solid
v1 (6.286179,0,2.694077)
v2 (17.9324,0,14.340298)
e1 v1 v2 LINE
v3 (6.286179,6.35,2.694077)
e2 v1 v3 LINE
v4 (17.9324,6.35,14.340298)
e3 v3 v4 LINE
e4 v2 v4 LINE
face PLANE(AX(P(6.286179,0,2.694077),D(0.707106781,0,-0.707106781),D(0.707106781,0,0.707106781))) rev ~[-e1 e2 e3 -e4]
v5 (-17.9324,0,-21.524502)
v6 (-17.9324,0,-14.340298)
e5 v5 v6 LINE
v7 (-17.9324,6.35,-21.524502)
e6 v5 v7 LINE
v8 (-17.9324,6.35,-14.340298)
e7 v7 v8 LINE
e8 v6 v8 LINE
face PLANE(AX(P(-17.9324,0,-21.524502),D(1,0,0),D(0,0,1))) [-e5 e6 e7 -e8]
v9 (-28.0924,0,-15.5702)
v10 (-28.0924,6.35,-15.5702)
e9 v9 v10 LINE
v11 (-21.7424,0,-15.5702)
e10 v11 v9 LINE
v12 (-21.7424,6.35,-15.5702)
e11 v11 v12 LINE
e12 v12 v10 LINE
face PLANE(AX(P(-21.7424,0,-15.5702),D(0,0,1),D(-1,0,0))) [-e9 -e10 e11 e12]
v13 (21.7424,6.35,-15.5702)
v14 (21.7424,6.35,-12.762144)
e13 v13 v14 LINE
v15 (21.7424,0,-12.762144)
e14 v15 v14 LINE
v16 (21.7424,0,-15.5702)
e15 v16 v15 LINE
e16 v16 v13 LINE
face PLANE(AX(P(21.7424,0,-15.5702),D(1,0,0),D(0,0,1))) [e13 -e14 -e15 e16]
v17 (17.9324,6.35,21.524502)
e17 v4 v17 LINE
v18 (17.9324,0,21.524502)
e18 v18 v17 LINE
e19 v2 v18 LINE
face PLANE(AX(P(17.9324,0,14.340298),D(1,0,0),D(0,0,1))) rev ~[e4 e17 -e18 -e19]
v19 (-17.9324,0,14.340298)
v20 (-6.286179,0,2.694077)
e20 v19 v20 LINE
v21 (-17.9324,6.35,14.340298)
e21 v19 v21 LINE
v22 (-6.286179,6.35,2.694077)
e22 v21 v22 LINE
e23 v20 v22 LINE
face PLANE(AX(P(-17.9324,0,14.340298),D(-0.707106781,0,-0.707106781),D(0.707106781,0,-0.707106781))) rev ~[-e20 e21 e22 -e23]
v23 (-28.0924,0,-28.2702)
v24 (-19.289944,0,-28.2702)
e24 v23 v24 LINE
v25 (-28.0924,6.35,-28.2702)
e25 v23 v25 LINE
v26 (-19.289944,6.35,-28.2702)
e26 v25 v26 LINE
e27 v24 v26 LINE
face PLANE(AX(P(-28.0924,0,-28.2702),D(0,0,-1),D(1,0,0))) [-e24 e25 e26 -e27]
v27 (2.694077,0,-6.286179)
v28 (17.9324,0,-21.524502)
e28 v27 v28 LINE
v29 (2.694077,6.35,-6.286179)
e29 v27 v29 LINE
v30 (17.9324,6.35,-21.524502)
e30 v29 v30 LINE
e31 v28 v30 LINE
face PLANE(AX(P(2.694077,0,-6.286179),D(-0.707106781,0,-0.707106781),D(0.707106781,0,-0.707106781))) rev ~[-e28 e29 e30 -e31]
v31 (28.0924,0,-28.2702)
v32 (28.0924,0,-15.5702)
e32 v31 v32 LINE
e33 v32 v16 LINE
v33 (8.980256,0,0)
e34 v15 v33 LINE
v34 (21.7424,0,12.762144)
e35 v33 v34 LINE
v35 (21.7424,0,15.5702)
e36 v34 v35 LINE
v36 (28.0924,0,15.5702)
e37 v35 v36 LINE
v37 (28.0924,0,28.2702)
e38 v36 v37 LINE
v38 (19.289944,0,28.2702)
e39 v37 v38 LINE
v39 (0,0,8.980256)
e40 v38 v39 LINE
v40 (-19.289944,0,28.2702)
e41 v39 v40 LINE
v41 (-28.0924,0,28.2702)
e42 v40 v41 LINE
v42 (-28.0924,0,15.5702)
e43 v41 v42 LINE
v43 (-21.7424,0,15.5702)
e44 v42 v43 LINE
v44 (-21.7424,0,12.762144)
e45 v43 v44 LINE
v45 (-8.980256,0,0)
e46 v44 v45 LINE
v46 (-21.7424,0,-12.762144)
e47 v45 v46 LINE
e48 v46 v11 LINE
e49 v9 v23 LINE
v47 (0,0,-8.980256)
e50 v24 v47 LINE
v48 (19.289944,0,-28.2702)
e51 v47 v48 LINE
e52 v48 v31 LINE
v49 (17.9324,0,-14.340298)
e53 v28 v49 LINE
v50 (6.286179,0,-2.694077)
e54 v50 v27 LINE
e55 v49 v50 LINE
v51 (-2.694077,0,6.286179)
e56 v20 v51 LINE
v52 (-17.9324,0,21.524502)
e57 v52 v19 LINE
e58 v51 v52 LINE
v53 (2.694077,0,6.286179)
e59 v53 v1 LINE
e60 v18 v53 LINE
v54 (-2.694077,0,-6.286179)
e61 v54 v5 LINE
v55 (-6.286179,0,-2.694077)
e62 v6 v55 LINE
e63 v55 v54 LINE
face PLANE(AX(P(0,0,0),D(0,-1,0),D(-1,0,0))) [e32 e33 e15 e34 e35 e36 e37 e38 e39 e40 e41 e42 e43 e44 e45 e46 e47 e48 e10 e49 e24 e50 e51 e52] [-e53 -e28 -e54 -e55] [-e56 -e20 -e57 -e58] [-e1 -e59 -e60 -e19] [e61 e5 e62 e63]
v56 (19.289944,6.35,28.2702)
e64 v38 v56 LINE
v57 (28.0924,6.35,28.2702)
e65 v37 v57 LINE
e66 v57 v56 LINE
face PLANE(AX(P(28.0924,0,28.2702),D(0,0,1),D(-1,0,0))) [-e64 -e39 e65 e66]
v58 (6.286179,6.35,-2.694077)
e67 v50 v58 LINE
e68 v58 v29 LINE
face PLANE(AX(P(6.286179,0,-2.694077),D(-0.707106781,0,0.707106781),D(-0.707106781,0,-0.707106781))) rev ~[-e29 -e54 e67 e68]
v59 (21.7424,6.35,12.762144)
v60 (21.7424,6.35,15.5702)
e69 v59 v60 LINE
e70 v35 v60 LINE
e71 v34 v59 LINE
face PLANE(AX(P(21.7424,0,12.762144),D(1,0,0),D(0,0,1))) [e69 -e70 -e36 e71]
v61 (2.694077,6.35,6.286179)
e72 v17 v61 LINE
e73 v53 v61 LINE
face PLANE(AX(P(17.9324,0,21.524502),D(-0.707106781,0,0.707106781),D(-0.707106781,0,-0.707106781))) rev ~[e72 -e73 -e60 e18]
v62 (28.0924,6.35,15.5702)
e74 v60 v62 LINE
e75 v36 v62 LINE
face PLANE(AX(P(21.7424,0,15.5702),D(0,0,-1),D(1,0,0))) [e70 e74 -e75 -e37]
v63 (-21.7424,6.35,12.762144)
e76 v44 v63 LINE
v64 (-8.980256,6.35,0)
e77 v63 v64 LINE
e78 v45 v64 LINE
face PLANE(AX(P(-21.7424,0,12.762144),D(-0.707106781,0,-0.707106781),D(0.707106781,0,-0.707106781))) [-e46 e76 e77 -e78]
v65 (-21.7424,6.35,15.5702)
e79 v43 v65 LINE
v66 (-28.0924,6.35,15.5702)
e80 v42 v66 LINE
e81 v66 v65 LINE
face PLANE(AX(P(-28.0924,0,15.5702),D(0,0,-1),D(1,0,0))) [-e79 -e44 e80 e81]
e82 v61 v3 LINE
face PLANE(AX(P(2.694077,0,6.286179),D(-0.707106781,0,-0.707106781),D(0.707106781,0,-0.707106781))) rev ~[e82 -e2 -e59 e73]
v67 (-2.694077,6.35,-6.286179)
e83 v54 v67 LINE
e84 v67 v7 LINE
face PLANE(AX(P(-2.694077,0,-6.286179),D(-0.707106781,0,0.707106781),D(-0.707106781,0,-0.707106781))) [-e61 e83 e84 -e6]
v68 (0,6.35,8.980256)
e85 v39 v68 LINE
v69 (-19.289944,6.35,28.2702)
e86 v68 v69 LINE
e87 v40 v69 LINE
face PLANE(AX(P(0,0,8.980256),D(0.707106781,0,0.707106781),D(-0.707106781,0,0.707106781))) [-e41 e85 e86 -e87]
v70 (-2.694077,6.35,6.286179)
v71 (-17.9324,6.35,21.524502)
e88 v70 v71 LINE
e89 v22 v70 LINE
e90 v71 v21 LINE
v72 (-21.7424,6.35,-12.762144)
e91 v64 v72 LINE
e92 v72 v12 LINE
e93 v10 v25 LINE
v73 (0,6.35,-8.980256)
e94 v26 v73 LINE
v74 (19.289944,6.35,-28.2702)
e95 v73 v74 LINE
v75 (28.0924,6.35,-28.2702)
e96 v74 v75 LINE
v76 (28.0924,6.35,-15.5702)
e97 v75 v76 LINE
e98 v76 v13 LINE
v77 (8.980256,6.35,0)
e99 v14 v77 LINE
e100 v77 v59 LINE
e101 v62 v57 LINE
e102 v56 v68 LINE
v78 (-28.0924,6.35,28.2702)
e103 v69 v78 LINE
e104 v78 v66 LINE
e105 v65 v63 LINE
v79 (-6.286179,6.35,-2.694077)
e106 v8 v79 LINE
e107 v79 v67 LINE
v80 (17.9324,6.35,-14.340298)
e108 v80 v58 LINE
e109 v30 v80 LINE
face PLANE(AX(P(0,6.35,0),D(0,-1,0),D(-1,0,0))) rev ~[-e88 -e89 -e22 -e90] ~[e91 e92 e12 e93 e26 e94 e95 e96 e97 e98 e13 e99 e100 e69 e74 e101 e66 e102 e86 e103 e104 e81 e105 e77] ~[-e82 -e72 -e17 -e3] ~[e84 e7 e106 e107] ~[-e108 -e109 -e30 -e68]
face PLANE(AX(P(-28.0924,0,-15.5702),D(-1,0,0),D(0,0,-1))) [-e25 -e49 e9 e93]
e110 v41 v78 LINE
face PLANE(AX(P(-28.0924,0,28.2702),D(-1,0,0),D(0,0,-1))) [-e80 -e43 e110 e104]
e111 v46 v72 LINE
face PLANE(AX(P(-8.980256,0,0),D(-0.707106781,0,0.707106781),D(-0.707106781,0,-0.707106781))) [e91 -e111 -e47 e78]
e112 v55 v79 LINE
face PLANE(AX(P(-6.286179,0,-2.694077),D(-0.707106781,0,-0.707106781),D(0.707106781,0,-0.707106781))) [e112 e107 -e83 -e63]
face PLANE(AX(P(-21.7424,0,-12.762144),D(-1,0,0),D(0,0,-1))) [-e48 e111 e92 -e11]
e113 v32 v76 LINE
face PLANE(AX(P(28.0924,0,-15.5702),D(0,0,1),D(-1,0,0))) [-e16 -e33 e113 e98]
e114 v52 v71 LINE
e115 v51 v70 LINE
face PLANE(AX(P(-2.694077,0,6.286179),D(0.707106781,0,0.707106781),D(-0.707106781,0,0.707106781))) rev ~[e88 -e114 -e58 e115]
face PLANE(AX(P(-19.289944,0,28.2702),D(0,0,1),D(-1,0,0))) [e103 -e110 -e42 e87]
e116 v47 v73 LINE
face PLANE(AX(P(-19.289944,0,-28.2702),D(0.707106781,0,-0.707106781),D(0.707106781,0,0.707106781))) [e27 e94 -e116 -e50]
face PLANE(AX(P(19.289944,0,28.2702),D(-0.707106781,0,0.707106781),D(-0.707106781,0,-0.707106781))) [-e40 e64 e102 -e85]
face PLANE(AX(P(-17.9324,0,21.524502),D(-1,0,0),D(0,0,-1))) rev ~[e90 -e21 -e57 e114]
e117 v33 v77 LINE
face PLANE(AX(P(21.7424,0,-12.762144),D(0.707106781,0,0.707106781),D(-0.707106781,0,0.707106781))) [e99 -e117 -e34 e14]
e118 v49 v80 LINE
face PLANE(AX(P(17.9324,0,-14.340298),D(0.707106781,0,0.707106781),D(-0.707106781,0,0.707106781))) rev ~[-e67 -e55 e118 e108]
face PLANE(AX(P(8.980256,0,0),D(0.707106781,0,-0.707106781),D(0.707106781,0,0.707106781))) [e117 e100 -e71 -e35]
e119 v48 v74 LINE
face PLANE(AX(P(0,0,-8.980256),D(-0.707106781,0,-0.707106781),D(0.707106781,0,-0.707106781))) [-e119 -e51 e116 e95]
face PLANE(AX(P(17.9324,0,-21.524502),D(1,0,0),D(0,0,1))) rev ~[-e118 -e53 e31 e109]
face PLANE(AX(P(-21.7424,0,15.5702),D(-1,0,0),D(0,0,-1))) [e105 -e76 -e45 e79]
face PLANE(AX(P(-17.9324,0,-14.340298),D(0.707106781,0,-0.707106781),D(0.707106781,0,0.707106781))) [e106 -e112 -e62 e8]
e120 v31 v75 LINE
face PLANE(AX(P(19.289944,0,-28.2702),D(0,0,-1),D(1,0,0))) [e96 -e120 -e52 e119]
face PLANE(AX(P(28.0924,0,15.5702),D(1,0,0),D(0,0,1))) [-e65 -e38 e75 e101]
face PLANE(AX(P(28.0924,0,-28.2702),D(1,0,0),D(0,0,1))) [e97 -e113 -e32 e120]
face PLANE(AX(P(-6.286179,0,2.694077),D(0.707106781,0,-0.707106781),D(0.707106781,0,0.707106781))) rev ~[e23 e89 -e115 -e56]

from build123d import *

# Parameters (mm, degrees)
BOSS_EXTRUDE1_DEPTH = 6.35


with BuildPart() as part:
    # Sketch1 → Boss-Extrude1 (new body)
    with BuildSketch(Plane(origin=(0, 0, 0), x_dir=(1, 0, 0), z_dir=(0, 1, 0))):
        Polygon((-28.0924, 15.5702), (-28.0924, 28.2702), (-19.289943879, 28.2702), (0, 8.980256121), (19.289943879, 28.2702), (28.0924, 28.2702), (28.0924, 15.5702), (21.7424, 15.5702), (21.7424, 12.762143879), (8.980256121, 0), (21.7424, -12.762143879), (21.7424, -15.5702), (28.0924, -15.5702), (28.0924, -28.2702), (19.289943879, -28.2702), (0, -8.980256121), (-19.289943879, -28.2702), (-28.0924, -28.2702), (-28.0924, -15.5702), (-21.7424, -15.5702), (-21.7424, -12.762143879), (-8.980256121, 0), (-21.7424, 12.762143879), (-21.7424, 15.5702), align=None)
        Polygon((6.286179285, 2.694076836), (2.694076836, 6.286179285), (17.9324, 21.524502448), (17.9324, 14.340297552), align=None, mode=Mode.SUBTRACT)
        Polygon((2.694076836, -6.286179285), (6.286179285, -2.694076836), (17.9324, -14.340297552), (17.9324, -21.524502448), align=None, mode=Mode.SUBTRACT)
        Polygon((-6.286179285, 2.694076836), (-2.694076836, 6.286179285), (-17.9324, 21.524502448), (-17.9324, 14.340297552), align=None, mode=Mode.SUBTRACT)
        Polygon((-6.286179285, -2.694076836), (-2.694076836, -6.286179285), (-17.9324, -21.524502448), (-17.9324, -14.340297552), align=None, mode=Mode.SUBTRACT)
    extrude(amount=BOSS_EXTRUDE1_DEPTH)


solid = part.part
